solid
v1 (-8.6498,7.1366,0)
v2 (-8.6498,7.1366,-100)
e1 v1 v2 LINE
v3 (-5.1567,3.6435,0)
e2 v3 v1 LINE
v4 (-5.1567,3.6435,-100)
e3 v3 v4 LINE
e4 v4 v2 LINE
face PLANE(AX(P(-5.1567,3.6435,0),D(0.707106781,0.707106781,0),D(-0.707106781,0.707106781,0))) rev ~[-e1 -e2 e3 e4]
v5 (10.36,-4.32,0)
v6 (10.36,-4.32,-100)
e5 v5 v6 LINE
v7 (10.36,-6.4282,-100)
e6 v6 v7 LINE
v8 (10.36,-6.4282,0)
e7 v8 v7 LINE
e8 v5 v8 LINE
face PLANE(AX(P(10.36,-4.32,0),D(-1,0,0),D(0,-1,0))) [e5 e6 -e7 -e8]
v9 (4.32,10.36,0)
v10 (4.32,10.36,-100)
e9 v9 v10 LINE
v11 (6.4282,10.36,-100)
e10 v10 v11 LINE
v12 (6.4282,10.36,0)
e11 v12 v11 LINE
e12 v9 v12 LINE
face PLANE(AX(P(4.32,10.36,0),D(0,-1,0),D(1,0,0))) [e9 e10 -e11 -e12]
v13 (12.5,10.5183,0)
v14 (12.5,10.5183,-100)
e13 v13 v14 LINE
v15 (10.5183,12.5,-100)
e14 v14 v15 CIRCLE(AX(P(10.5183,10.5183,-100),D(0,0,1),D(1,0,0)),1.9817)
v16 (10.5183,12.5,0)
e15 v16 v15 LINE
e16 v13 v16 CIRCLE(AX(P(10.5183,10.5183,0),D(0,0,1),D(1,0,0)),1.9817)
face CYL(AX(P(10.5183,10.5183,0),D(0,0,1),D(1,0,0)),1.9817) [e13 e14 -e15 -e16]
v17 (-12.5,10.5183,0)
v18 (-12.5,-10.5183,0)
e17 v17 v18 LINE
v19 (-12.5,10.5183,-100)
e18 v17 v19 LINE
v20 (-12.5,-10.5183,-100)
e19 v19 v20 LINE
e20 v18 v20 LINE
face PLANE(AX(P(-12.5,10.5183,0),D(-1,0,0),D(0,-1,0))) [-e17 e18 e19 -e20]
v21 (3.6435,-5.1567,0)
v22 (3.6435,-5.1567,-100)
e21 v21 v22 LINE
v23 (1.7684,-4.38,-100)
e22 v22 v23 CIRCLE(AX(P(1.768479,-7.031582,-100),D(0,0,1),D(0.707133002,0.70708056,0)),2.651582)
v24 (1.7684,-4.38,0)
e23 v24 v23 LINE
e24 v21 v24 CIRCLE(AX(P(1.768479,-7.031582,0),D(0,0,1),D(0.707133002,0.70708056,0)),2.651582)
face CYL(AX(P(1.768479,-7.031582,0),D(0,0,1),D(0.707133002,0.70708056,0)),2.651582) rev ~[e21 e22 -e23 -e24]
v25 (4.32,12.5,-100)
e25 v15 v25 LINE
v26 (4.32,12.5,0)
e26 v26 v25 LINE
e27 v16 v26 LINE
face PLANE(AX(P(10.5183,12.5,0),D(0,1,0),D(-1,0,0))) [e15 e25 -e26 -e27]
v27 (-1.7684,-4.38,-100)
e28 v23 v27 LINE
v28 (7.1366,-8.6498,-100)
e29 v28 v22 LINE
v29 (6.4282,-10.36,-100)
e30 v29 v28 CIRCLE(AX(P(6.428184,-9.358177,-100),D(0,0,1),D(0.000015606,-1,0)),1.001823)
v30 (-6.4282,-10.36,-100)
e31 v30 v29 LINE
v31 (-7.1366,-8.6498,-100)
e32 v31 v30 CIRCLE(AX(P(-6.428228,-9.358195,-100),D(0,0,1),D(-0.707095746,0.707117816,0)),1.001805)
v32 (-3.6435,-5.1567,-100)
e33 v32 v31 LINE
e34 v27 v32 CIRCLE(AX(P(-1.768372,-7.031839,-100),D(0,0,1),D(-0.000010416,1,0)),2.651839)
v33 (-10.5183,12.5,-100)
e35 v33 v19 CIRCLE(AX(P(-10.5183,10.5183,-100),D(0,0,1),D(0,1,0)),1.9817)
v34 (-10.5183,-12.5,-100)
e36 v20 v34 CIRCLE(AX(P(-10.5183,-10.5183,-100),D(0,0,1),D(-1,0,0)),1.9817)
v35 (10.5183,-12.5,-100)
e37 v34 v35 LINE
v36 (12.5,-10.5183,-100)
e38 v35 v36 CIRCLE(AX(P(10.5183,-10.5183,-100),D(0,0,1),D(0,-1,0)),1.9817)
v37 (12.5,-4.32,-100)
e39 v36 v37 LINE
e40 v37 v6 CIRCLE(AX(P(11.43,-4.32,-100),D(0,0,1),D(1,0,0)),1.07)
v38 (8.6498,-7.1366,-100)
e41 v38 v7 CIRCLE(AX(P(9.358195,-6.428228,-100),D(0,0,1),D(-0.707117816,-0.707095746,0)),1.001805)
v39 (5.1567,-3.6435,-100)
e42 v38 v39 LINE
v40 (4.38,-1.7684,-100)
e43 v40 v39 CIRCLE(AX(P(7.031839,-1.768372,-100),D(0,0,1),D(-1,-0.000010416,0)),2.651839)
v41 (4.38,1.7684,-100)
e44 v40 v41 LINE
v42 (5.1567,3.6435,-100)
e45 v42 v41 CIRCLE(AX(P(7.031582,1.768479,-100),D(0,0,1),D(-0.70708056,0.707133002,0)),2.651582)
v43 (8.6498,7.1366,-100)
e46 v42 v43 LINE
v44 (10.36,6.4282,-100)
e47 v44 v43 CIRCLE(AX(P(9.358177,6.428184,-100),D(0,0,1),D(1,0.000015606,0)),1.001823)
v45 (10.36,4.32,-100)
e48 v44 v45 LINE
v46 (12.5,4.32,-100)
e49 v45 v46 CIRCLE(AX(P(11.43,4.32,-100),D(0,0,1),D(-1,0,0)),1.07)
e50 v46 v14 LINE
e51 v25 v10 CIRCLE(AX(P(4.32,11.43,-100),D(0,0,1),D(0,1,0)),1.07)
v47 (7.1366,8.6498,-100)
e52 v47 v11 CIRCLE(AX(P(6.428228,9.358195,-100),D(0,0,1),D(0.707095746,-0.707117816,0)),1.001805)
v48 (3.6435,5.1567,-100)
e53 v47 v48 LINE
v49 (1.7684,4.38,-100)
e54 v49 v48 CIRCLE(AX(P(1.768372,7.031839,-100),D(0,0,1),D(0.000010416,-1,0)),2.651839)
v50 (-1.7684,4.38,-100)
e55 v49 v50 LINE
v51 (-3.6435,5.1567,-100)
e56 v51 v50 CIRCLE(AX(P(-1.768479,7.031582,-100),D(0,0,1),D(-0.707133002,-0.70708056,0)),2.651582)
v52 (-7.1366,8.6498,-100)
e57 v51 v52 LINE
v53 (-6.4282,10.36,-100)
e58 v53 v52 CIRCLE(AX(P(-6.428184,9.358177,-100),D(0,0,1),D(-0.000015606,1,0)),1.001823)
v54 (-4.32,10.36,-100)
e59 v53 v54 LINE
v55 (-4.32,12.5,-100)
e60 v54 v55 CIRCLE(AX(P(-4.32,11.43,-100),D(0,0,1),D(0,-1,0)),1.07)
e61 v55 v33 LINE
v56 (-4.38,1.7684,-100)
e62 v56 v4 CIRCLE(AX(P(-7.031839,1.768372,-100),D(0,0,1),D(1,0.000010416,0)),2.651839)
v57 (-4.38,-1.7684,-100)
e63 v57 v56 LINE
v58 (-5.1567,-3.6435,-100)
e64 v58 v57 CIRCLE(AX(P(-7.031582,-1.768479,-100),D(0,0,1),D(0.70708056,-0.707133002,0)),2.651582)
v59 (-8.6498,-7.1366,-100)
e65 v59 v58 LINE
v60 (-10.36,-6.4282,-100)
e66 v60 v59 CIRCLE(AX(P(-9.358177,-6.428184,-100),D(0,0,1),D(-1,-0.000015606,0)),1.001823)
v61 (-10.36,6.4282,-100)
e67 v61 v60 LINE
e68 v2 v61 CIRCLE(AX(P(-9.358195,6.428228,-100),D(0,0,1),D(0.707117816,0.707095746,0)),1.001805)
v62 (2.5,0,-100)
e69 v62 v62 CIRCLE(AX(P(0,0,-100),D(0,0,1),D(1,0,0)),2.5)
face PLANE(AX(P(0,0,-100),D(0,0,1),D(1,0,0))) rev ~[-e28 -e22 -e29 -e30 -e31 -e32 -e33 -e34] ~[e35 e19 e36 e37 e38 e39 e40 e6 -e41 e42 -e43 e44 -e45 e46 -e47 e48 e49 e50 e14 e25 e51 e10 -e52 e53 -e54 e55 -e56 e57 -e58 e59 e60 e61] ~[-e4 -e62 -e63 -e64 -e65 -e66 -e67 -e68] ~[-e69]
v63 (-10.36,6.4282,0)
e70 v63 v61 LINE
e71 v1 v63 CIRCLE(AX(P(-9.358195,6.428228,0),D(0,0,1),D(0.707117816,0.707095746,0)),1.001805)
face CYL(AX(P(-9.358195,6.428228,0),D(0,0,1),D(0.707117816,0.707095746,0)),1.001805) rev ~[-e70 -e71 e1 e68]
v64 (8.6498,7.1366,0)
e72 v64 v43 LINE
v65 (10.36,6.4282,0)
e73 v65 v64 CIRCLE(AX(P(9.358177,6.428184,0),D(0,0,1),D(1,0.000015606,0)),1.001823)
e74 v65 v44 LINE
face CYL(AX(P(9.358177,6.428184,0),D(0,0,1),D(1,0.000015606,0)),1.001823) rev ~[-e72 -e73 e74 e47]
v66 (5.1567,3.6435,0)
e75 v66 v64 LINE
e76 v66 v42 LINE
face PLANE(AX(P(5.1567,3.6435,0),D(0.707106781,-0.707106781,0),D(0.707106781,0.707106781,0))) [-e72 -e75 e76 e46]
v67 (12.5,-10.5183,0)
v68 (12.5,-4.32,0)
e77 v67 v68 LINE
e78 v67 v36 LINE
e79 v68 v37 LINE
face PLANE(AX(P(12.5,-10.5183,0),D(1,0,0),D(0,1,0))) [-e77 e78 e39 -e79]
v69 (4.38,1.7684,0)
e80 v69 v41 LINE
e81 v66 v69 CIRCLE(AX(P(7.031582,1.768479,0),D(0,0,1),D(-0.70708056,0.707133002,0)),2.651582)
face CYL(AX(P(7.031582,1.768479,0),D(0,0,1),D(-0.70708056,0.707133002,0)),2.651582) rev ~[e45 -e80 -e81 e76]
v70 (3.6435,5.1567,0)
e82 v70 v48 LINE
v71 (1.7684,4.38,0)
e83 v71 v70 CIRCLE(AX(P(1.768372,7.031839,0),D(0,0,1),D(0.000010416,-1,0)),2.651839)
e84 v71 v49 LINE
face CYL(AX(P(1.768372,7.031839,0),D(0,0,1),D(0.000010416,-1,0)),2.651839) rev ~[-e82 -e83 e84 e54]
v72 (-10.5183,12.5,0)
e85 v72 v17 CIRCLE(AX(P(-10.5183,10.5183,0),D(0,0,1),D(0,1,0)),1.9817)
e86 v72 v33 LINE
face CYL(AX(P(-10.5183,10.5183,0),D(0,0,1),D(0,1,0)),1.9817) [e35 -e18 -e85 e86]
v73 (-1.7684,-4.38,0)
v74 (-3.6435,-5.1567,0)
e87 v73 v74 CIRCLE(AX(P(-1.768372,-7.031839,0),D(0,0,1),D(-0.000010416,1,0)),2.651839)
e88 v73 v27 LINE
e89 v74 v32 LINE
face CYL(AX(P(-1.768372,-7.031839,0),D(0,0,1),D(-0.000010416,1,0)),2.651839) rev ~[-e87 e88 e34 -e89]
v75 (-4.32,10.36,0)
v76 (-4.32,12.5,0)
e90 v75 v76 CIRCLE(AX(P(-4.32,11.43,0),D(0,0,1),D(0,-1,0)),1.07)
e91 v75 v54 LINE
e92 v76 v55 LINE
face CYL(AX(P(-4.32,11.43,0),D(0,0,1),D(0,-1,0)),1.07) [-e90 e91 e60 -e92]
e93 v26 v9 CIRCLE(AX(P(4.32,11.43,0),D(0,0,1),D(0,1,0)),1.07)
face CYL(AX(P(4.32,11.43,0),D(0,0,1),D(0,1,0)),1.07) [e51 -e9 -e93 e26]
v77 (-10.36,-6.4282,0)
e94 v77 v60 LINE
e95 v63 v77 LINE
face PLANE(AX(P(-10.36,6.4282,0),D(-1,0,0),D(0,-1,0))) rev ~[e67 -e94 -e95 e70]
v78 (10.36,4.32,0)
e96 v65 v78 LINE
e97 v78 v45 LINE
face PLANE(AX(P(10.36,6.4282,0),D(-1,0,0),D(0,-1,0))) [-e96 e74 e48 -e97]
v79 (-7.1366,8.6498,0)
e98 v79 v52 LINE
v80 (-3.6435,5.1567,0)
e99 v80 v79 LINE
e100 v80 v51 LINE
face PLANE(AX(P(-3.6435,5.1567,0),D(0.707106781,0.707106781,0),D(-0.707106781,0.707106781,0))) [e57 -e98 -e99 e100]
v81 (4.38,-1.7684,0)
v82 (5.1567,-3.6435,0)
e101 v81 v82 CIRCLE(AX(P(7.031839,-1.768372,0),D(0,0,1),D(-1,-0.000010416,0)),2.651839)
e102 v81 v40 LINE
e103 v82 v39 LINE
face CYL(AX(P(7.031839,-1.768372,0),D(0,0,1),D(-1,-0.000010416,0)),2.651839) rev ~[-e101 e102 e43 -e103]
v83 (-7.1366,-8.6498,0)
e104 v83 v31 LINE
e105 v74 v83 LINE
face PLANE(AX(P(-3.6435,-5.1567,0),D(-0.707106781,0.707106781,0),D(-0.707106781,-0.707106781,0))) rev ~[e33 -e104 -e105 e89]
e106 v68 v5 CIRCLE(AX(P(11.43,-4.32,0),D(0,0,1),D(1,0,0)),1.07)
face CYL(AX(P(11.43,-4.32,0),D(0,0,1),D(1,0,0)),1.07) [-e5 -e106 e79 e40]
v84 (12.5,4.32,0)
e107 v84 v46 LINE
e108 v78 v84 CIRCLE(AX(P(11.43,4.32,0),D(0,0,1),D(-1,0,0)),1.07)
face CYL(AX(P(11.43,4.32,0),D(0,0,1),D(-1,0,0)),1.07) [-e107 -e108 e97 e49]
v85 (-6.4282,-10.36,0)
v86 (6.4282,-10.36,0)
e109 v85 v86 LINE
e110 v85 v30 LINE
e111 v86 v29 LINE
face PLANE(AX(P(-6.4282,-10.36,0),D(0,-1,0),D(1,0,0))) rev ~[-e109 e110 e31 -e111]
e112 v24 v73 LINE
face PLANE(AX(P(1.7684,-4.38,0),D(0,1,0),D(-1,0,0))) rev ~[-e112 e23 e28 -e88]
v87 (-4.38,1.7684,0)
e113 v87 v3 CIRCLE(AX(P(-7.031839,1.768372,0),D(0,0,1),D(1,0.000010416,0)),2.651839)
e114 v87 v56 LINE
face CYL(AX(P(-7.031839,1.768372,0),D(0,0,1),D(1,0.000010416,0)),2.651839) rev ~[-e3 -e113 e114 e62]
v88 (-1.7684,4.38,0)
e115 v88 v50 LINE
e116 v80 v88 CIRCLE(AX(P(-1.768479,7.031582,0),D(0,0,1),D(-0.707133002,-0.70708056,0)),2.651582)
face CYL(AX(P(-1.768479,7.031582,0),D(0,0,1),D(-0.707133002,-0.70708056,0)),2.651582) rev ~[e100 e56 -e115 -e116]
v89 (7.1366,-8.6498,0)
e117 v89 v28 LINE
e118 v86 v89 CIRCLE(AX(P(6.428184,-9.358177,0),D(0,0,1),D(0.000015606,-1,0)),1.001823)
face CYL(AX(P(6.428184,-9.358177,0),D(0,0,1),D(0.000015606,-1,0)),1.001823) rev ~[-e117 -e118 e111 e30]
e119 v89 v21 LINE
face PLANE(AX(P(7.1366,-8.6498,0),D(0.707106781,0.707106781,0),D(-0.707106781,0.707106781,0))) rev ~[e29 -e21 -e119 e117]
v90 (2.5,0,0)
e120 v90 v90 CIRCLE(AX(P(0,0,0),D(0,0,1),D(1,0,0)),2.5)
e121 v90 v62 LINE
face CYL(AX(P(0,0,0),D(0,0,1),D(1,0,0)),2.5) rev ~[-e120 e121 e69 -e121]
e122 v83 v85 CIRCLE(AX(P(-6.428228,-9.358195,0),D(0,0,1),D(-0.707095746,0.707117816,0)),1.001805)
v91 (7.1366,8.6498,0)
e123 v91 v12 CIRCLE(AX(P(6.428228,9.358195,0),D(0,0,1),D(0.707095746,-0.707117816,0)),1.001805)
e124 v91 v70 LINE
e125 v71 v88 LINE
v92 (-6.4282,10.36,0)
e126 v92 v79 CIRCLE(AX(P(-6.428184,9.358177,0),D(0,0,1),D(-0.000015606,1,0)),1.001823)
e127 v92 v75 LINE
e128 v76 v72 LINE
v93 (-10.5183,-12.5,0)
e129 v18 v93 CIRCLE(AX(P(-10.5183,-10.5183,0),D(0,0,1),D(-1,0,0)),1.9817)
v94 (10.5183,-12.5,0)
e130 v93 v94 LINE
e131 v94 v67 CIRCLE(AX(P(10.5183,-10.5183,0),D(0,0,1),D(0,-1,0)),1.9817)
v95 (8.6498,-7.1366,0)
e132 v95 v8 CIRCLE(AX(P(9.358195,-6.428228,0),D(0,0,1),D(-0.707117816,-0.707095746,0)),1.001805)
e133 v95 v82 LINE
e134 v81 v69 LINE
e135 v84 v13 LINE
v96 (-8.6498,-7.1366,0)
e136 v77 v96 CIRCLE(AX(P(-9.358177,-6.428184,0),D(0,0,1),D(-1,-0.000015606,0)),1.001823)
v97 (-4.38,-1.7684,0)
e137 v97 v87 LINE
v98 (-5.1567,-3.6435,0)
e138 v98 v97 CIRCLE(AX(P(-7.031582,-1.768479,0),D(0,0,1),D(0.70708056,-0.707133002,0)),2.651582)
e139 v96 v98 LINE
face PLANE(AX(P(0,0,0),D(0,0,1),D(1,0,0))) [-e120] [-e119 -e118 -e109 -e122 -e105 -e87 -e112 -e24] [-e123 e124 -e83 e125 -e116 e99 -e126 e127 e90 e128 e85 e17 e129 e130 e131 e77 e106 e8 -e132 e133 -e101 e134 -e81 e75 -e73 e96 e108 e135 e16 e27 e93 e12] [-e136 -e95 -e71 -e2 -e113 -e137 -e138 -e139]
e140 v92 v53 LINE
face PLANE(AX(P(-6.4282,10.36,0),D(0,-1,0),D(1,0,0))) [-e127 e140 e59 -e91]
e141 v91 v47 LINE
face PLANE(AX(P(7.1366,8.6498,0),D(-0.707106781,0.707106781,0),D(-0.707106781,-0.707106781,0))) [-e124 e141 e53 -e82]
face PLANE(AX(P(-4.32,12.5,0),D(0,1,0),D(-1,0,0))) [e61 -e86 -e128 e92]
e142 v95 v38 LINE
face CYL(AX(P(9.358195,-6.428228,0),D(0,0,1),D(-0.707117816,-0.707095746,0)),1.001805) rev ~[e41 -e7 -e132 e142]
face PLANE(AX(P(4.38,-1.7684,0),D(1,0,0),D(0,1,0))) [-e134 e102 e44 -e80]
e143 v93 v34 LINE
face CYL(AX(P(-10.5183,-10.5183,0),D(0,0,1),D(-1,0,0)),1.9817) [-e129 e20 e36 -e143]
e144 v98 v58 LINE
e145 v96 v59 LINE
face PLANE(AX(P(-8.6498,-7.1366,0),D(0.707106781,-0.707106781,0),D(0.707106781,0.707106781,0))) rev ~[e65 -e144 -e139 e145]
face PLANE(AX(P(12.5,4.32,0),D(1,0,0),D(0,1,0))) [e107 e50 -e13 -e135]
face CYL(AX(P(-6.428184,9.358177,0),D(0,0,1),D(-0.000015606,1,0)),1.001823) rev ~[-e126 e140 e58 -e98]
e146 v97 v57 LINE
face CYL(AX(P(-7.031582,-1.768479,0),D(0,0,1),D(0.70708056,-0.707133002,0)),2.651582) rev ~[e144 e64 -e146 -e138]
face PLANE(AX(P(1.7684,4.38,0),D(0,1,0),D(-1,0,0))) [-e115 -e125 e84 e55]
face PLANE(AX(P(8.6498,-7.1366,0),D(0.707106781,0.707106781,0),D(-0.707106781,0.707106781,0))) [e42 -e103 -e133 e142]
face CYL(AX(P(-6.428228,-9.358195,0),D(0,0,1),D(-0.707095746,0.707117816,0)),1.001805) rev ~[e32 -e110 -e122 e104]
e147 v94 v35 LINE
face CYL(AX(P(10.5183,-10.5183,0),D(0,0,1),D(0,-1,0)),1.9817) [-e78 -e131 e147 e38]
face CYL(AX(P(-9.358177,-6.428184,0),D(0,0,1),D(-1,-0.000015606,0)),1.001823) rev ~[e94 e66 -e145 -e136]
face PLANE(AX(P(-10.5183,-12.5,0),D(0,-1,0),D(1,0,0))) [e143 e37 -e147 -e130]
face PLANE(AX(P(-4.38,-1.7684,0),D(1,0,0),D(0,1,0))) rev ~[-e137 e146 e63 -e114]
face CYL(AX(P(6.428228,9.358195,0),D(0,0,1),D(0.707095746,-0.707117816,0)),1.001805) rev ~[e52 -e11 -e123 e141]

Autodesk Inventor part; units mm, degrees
ref_plane "YZ Plane" through (0, 0, 0) normal (1, 0, 0) x (0, 1, 0)
ref_plane "XZ Plane" through (0, 0, 0) normal (0, 1, 0) x (-1, 0, 0)
ref_plane "XY Plane" through (0, 0, 0) normal (0, 0, 1) x (1, 0, 0)
sketch "Sketch1" plane through (0, 0, 0) normal (0, 0, 1) x (1, 0, 0)
  arc A0 (-10.36, -6.4282) -> (-8.6498, -7.1366) centre (-9.3582, -6.4282) ccw
  line L0 (-10.36, 6.4282) -> (-10.36, -6.4282)
  arc A1 (-8.6498, 7.1366) -> (-10.36, 6.4282) centre (-9.3582, 6.4282) ccw
  line L1 (-5.1567, 3.6435) -> (-8.6498, 7.1366)
  arc A2 (-4.38, 1.7684) -> (-5.1567, 3.6435) centre (-7.0317, 1.7684) ccw
  line L2 (-4.38, -1.7684) -> (-4.38, 1.7684)
  arc A3 (-5.1567, -3.6435) -> (-4.38, -1.7684) centre (-7.0317, -1.7684) ccw
  line L3 (-8.6498, -7.1366) -> (-5.1567, -3.6435)
  arc A4 (-1.7684, -4.38) -> (-3.6435, -5.1567) centre (-1.7684, -7.0317) ccw
  line L4 (1.7684, -4.38) -> (-1.7684, -4.38)
  arc A5 (3.6435, -5.1567) -> (1.7684, -4.38) centre (1.7684, -7.0317) ccw
  line L5 (7.1366, -8.6498) -> (3.6435, -5.1567)
  arc A6 (6.4282, -10.36) -> (7.1366, -8.6498) centre (6.4282, -9.3582) ccw
  line L6 (-6.4282, -10.36) -> (6.4282, -10.36)
  arc A7 (-7.1366, -8.6498) -> (-6.4282, -10.36) centre (-6.4282, -9.3582) ccw
  line L7 (-3.6435, -5.1567) -> (-7.1366, -8.6498)
  circle A8 centre (0, 0) radius 2.5
  arc A9 (-4.32, 10.36) -> (-4.32, 12.5) centre (-4.32, 11.43) ccw
  line L8 (-4.32, 12.5) -> (-10.5183, 12.5)
  arc A10 (-10.5183, 12.5) -> (-12.5, 10.5183) centre (-10.5183, 10.5183) ccw
  line L9 (-12.5, 10.5183) -> (-12.5, -10.5183)
  arc A11 (-12.5, -10.5183) -> (-10.5183, -12.5) centre (-10.5183, -10.5183) ccw
  line L10 (-10.5183, -12.5) -> (10.5183, -12.5)
  arc A12 (10.5183, -12.5) -> (12.5, -10.5183) centre (10.5183, -10.5183) ccw
  line L11 (12.5, -10.5183) -> (12.5, -4.32)
  arc A13 (12.5, -4.32) -> (10.36, -4.32) centre (11.43, -4.32) ccw
  line L12 (10.36, -4.32) -> (10.36, -6.4282)
  arc A14 (8.6498, -7.1366) -> (10.36, -6.4282) centre (9.3582, -6.4282) ccw
  line L13 (8.6498, -7.1366) -> (5.1567, -3.6435)
  arc A15 (4.38, -1.7684) -> (5.1567, -3.6435) centre (7.0317, -1.7684) ccw
  line L14 (4.38, -1.7684) -> (4.38, 1.7684)
  arc A16 (5.1567, 3.6435) -> (4.38, 1.7684) centre (7.0317, 1.7684) ccw
  line L15 (5.1567, 3.6435) -> (8.6498, 7.1366)
  arc A17 (10.36, 6.4282) -> (8.6498, 7.1366) centre (9.3582, 6.4282) ccw
  line L16 (10.36, 6.4282) -> (10.36, 4.32)
  arc A18 (10.36, 4.32) -> (12.5, 4.32) centre (11.43, 4.32) ccw
  line L17 (12.5, 4.32) -> (12.5, 10.5183)
  arc A19 (12.5, 10.5183) -> (10.5183, 12.5) centre (10.5183, 10.5183) ccw
  line L18 (10.5183, 12.5) -> (4.32, 12.5)
  arc A20 (4.32, 12.5) -> (4.32, 10.36) centre (4.32, 11.43) ccw
  line L19 (4.32, 10.36) -> (6.4282, 10.36)
  arc A21 (7.1366, 8.6498) -> (6.4282, 10.36) centre (6.4282, 9.3582) ccw
  line L20 (7.1366, 8.6498) -> (3.6435, 5.1567)
  arc A22 (1.7684, 4.38) -> (3.6435, 5.1567) centre (1.7684, 7.0317) ccw
  line L21 (1.7684, 4.38) -> (-1.7684, 4.38)
  arc A23 (-3.6435, 5.1567) -> (-1.7684, 4.38) centre (-1.7684, 7.0317) ccw
  line L22 (-3.6435, 5.1567) -> (-7.1366, 8.6498)
  arc A24 (-6.4282, 10.36) -> (-7.1366, 8.6498) centre (-6.4282, 9.3582) ccw
  line L23 (-6.4282, 10.36) -> (-4.32, 10.36)
extrude "Extrusion1" add sketch "Sketch1" against normal blind 100
properties part number "25-2502-BLACK-FB"
